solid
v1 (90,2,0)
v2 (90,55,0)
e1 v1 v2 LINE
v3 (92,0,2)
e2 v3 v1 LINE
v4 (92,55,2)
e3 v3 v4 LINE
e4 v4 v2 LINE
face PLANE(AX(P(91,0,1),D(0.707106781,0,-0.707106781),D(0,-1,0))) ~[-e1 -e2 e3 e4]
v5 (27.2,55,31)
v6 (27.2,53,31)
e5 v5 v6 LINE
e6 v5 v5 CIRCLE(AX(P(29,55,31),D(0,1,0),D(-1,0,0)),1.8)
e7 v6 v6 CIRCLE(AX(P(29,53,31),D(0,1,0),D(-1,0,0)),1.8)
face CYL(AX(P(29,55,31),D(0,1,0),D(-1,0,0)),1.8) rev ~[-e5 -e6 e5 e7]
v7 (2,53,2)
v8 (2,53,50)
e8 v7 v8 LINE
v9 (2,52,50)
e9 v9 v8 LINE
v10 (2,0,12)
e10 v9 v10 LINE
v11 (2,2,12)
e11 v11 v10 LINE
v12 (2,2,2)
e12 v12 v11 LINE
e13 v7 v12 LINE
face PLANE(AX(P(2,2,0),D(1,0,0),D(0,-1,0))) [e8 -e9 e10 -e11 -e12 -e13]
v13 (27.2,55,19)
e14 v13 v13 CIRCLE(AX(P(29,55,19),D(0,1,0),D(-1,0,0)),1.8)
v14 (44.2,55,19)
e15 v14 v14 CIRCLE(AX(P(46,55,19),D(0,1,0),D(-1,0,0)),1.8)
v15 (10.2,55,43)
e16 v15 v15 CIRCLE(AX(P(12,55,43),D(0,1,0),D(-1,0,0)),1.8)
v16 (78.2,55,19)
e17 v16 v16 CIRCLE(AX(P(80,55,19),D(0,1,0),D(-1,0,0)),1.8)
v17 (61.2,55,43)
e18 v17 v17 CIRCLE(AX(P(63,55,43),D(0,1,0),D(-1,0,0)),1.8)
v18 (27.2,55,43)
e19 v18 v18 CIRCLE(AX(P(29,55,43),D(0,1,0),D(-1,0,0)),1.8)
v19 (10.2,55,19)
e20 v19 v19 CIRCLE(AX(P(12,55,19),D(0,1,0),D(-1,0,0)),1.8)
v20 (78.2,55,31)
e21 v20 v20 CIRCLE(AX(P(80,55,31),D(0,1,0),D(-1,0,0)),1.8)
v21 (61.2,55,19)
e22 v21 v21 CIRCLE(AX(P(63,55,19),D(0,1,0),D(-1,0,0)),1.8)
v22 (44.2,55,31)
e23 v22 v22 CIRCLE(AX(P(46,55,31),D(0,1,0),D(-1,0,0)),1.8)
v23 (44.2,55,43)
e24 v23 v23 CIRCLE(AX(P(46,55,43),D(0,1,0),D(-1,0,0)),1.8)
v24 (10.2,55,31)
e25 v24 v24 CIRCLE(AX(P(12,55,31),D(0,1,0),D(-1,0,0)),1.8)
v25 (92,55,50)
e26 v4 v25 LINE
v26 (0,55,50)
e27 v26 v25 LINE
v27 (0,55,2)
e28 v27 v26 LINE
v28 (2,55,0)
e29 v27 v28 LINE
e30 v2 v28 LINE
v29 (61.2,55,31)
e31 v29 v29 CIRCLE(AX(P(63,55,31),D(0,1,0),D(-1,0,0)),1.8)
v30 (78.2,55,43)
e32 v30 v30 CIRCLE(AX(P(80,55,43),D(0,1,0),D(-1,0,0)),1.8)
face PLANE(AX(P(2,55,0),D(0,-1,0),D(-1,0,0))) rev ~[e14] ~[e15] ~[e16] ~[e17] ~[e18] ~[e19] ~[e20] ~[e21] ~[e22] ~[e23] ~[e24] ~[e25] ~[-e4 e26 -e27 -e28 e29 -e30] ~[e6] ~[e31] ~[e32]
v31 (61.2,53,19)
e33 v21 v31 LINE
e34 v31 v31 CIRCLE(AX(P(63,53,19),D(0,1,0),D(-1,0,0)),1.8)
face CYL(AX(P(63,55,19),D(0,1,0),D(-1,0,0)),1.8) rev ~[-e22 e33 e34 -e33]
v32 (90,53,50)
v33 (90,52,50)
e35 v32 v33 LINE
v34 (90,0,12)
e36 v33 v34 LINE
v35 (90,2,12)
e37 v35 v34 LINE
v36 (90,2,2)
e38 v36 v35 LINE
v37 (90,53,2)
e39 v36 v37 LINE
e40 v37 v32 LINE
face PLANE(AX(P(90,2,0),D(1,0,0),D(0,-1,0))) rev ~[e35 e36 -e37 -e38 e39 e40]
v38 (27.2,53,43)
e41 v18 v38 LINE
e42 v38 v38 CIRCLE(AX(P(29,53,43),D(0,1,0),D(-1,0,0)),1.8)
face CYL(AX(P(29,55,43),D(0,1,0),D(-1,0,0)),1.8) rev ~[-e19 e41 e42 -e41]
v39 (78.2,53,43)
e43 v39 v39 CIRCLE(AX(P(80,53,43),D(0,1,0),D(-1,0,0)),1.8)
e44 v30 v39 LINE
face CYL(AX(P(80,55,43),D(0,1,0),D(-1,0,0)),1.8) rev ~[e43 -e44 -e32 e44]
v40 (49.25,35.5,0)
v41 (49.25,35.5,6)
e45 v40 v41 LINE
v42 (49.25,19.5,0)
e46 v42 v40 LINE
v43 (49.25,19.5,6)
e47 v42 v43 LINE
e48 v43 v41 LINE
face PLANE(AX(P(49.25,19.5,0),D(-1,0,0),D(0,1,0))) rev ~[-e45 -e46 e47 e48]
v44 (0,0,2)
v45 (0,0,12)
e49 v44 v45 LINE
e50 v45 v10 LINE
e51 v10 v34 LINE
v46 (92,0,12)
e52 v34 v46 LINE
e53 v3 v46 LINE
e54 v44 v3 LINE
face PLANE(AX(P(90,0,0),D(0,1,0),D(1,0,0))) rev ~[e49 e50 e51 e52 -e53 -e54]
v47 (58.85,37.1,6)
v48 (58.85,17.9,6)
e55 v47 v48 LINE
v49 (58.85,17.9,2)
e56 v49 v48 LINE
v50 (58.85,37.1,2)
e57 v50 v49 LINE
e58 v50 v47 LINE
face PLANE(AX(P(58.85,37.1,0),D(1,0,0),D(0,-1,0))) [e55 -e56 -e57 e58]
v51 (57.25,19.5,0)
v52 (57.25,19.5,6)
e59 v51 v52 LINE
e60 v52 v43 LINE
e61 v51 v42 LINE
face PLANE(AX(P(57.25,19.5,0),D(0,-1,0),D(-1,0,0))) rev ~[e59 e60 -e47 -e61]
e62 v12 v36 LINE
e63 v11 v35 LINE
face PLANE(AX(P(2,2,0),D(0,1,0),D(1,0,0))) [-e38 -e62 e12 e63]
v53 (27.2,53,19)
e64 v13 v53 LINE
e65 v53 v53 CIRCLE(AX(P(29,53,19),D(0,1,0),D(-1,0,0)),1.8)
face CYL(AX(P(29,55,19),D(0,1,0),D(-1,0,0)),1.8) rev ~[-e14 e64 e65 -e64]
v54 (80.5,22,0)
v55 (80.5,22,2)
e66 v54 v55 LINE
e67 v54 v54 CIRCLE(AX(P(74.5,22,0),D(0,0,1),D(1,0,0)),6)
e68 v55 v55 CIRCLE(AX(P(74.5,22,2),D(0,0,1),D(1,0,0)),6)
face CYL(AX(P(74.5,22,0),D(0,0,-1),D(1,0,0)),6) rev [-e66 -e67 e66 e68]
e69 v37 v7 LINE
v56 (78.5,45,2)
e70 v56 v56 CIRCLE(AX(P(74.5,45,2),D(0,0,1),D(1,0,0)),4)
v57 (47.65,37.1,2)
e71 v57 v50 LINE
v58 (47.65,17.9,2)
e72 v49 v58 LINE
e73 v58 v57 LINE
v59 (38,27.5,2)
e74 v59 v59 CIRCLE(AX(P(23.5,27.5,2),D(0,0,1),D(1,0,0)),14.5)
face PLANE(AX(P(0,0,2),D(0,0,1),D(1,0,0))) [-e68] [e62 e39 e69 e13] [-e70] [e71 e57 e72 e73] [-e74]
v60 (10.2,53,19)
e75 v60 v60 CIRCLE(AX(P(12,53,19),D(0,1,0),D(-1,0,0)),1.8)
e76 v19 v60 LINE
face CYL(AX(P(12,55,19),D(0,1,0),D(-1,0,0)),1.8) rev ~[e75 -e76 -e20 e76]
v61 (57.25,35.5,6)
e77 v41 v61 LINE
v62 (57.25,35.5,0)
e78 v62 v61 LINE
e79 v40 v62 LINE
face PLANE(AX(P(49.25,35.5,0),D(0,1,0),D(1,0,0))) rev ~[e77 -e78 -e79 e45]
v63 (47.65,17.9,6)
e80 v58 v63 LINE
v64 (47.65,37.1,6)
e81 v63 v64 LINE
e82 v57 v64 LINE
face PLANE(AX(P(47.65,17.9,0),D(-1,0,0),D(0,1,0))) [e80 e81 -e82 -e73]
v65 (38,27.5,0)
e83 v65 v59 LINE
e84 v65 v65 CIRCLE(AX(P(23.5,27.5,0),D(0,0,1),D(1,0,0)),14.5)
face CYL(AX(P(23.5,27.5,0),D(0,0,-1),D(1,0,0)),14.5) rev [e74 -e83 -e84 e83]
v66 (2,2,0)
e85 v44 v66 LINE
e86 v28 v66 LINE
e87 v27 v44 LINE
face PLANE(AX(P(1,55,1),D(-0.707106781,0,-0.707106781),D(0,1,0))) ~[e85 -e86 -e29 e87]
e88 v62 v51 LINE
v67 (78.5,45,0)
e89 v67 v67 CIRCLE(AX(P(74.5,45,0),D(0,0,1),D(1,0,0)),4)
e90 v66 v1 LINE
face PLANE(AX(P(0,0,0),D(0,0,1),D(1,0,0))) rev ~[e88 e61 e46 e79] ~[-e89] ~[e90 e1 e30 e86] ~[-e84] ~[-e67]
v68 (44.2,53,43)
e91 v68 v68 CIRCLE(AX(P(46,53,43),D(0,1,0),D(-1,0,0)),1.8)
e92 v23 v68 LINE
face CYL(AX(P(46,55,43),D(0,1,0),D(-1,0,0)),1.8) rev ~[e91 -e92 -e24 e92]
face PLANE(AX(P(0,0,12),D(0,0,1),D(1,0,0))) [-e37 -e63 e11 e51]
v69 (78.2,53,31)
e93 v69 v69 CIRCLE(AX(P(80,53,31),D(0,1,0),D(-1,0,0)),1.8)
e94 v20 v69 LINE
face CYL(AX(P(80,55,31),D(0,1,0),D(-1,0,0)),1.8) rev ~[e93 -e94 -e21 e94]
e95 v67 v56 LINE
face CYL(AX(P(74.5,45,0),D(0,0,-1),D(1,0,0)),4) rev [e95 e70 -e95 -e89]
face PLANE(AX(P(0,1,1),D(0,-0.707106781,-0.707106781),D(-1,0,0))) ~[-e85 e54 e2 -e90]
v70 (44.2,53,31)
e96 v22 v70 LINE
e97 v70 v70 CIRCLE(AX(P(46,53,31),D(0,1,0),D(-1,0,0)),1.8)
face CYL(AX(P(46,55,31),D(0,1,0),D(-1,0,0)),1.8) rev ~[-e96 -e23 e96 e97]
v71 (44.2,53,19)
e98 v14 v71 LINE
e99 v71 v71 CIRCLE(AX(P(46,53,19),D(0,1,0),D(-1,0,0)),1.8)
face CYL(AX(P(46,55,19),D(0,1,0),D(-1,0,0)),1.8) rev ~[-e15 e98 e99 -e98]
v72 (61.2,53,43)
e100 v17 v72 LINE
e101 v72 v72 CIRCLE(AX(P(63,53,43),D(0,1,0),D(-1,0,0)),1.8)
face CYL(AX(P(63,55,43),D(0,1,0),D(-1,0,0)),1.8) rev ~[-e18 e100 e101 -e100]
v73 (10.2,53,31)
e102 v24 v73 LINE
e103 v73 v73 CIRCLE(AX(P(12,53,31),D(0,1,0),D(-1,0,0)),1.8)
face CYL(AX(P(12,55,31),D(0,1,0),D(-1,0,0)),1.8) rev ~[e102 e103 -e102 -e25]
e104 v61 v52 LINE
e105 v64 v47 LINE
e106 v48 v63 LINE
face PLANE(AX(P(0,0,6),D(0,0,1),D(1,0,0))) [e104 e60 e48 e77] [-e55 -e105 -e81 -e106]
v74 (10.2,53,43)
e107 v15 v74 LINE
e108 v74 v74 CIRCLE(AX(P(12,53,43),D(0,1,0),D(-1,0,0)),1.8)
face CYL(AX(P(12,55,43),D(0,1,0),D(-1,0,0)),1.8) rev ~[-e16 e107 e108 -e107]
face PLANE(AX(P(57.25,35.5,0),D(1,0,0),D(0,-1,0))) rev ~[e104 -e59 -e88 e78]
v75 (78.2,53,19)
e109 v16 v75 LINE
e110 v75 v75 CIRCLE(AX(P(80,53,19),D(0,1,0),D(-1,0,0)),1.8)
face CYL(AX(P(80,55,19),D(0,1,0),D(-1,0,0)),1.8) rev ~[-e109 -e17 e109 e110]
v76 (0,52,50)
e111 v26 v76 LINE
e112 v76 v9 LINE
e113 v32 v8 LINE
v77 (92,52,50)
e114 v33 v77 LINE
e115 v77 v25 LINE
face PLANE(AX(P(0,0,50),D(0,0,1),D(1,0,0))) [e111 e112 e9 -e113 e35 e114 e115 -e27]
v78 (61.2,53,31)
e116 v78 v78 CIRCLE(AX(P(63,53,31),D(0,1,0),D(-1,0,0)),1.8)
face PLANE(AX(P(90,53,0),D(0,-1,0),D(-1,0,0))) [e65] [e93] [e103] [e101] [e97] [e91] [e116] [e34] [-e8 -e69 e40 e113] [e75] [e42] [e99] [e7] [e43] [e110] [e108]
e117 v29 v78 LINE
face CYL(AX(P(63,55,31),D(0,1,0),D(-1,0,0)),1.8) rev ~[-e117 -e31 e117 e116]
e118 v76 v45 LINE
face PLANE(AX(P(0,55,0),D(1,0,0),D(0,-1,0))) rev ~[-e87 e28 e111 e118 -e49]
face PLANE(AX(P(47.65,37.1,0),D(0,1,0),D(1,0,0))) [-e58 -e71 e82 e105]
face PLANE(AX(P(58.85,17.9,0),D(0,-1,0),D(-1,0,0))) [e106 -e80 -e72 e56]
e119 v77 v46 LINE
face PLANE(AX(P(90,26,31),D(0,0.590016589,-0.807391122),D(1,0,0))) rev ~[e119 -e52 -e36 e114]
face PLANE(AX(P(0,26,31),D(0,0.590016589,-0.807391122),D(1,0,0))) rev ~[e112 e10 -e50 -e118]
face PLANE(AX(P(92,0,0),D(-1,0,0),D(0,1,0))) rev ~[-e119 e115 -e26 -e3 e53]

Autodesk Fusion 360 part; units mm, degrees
sketch "Skizze1" plane through (0, 0, 0) normal (0, 0, 1) x (1, 0, 0) in component "Montagewinkel"
  line L0 (0, 0) -> (92, 0)
  line L1 (92, 0) -> (92, 55)
  line L2 (92, 55) -> (0, 55)
  line L3 (0, 55) -> (0, 0)
  line L4 (2, 2) -> (90, 2)
  line L5 (90, 2) -> (90, 53)
  line L6 (90, 53) -> (2, 53)
  line L7 (2, 53) -> (2, 2)
  line L8 (2, 53) -> (2, 55)
  line L9 (90, 53) -> (90, 55)
  line L10 (2, 2) -> (2, 0)
  line L11 (90, 2) -> (90, 0)
  circle A0 centre (23.5, 27.5) radius 14.5
  circle A1 centre (74.5, 22) radius 6
  circle A2 centre (74.5, 45) radius 4
  line L12 (38, 47) -> (38, 7) construction
  line L13 (68.5, 47) -> (68.5, 7) construction
  line L14 (68.5, 27.5) -> (38, 27.5) construction
  line L15 (57.25, 19.5) -> (49.25, 19.5)
  line L16 (49.25, 19.5) -> (49.25, 35.5)
  line L17 (49.25, 35.5) -> (57.25, 35.5)
  line L18 (57.25, 35.5) -> (57.25, 19.5)
  line L19 (57.25, 19.5) -> (49.25, 35.5) construction
  line L20 (49.25, 19.5) -> (57.25, 35.5) construction
  line L21 (58.85, 17.9) -> (47.65, 17.9)
  line L22 (47.65, 17.9) -> (47.65, 37.1)
  line L23 (47.65, 37.1) -> (58.85, 37.1)
  line L24 (58.85, 37.1) -> (58.85, 17.9)
  point P0 (53.25, 27.5)
  dimension "d1" = 92
  dimension "d2" = 55
  dimension "d3" = -2
  dimension "d4" = 29
  dimension "d5" = 23.5
  dimension "d6" = 27.5
  dimension "d7" = 12
  dimension "d8" = 22
  dimension "d9" = 17.5
  dimension "d10" = 8
  dimension "d11" = 10
  dimension "d12" = 17.5
  dimension "d13" = 27.5
  dimension "d14" = 8
  dimension "d15" = 16
  dimension "d16" = -1.6
extrude "Extrusion1" add sketch "Skizze1" along normal blind 2 contours L4 L5 L6 L7 in component "Montagewinkel"
extrude "Extrusion3" add sketch "Skizze1" along normal blind 6 contours L21 L22 L23 L24 in component "Montagewinkel"
extrude "Extrusion4" add sketch "Skizze1" along normal blind 50 contours L0 L2 L3 L7 L8 L10 | L0 L1 L2 L5 L9 L11 | L2 L6 L8 L9 in component "Montagewinkel"
extrude "Extrusion5" add sketch "Skizze1" along normal blind 12 contours L0 L4 L10 L11 in component "Montagewinkel"
chamfer "Fase1" distance 52 distance2 38 2 edges at (1, 0, 50) (91, 0, 50) measured on face at (31.3333, 54.3333, 50) measured on face at (31.3333, 54.3333, 50) in component "Montagewinkel"
chamfer "Fase2" distance 2 angle 45 3 edges at (46, 0, 0) (0, 27.5, 0) (92, 27.5, 0) in component "Montagewinkel"
sketch "Skizze2" plane through (0, 55, 0) normal (0, 1, 0) x (-1, 0, 0) in component "Montagewinkel"
  line L0 (-92, 2) -> (-90, 0)
  line L1 (-90, 0) -> (-2, 0)
  line L2 (-2, 0) -> (0, 2)
  line L3 (0, 2) -> (0, 50)
  line L4 (0, 50) -> (-92, 50)
  line L5 (-92, 50) -> (-92, 2)
  line L6 (0, 12) -> (-2, 12)
  line L7 (-2, 12) -> (-90, 12)
  line L8 (-90, 12) -> (-92, 12)
  line L9 (-2, 2) -> (-2, 50)
  line L10 (-90, 2) -> (-90, 50)
  circle A0 centre (-80, 19) radius 1.8
  circle A1 centre (-63, 19) radius 1.8
  circle A2 centre (-80, 31) radius 1.8
  circle A3 centre (-63, 31) radius 1.8
  circle A4 centre (-46, 19) radius 1.8
  circle A5 centre (-29, 19) radius 1.8
  circle A6 centre (-12, 19) radius 1.8
  circle A7 centre (-46, 31) radius 1.8
  circle A8 centre (-29, 31) radius 1.8
  circle A9 centre (-12, 31) radius 1.8
  circle A10 centre (-80, 43) radius 1.8
  circle A11 centre (-63, 43) radius 1.8
  circle A12 centre (-46, 43) radius 1.8
  circle A13 centre (-29, 43) radius 1.8
  circle A14 centre (-12, 43) radius 1.8
  dimension "d30" = 3.6
  dimension "d31" = 10
  dimension "d32" = 7
  dimension "d36" = 68
  dimension "d37" = 24
extrude "Extrusion6" cut sketch "Skizze2" against normal blind 2 contours A0 | A1 | A2 | A3 | A4 | A5 | A6 | A7 | A8 | A9 | A10 | A11 | A12 | A13 | A14 in component "Montagewinkel"
component "Montagewinkel" placed x (1, 0, 0) y (0, 1, 0) z (0, 0, 1) at (0, 0, 0)
equation "d5 = ( 37 / 2 ) * 1 mm + 5 mm"
equation "d6 = ( 55 / 2 ) * 1 mm"
equation "d8 = 5 mm + ( 34 / 2 ) * 1 mm"
equation "d9 = 5 mm + ( 25 / 2 ) * 1 mm"
equation "d11 = 5 mm + 5 mm"
equation "d13 = ( 55 / 2 ) * 1 mm"
